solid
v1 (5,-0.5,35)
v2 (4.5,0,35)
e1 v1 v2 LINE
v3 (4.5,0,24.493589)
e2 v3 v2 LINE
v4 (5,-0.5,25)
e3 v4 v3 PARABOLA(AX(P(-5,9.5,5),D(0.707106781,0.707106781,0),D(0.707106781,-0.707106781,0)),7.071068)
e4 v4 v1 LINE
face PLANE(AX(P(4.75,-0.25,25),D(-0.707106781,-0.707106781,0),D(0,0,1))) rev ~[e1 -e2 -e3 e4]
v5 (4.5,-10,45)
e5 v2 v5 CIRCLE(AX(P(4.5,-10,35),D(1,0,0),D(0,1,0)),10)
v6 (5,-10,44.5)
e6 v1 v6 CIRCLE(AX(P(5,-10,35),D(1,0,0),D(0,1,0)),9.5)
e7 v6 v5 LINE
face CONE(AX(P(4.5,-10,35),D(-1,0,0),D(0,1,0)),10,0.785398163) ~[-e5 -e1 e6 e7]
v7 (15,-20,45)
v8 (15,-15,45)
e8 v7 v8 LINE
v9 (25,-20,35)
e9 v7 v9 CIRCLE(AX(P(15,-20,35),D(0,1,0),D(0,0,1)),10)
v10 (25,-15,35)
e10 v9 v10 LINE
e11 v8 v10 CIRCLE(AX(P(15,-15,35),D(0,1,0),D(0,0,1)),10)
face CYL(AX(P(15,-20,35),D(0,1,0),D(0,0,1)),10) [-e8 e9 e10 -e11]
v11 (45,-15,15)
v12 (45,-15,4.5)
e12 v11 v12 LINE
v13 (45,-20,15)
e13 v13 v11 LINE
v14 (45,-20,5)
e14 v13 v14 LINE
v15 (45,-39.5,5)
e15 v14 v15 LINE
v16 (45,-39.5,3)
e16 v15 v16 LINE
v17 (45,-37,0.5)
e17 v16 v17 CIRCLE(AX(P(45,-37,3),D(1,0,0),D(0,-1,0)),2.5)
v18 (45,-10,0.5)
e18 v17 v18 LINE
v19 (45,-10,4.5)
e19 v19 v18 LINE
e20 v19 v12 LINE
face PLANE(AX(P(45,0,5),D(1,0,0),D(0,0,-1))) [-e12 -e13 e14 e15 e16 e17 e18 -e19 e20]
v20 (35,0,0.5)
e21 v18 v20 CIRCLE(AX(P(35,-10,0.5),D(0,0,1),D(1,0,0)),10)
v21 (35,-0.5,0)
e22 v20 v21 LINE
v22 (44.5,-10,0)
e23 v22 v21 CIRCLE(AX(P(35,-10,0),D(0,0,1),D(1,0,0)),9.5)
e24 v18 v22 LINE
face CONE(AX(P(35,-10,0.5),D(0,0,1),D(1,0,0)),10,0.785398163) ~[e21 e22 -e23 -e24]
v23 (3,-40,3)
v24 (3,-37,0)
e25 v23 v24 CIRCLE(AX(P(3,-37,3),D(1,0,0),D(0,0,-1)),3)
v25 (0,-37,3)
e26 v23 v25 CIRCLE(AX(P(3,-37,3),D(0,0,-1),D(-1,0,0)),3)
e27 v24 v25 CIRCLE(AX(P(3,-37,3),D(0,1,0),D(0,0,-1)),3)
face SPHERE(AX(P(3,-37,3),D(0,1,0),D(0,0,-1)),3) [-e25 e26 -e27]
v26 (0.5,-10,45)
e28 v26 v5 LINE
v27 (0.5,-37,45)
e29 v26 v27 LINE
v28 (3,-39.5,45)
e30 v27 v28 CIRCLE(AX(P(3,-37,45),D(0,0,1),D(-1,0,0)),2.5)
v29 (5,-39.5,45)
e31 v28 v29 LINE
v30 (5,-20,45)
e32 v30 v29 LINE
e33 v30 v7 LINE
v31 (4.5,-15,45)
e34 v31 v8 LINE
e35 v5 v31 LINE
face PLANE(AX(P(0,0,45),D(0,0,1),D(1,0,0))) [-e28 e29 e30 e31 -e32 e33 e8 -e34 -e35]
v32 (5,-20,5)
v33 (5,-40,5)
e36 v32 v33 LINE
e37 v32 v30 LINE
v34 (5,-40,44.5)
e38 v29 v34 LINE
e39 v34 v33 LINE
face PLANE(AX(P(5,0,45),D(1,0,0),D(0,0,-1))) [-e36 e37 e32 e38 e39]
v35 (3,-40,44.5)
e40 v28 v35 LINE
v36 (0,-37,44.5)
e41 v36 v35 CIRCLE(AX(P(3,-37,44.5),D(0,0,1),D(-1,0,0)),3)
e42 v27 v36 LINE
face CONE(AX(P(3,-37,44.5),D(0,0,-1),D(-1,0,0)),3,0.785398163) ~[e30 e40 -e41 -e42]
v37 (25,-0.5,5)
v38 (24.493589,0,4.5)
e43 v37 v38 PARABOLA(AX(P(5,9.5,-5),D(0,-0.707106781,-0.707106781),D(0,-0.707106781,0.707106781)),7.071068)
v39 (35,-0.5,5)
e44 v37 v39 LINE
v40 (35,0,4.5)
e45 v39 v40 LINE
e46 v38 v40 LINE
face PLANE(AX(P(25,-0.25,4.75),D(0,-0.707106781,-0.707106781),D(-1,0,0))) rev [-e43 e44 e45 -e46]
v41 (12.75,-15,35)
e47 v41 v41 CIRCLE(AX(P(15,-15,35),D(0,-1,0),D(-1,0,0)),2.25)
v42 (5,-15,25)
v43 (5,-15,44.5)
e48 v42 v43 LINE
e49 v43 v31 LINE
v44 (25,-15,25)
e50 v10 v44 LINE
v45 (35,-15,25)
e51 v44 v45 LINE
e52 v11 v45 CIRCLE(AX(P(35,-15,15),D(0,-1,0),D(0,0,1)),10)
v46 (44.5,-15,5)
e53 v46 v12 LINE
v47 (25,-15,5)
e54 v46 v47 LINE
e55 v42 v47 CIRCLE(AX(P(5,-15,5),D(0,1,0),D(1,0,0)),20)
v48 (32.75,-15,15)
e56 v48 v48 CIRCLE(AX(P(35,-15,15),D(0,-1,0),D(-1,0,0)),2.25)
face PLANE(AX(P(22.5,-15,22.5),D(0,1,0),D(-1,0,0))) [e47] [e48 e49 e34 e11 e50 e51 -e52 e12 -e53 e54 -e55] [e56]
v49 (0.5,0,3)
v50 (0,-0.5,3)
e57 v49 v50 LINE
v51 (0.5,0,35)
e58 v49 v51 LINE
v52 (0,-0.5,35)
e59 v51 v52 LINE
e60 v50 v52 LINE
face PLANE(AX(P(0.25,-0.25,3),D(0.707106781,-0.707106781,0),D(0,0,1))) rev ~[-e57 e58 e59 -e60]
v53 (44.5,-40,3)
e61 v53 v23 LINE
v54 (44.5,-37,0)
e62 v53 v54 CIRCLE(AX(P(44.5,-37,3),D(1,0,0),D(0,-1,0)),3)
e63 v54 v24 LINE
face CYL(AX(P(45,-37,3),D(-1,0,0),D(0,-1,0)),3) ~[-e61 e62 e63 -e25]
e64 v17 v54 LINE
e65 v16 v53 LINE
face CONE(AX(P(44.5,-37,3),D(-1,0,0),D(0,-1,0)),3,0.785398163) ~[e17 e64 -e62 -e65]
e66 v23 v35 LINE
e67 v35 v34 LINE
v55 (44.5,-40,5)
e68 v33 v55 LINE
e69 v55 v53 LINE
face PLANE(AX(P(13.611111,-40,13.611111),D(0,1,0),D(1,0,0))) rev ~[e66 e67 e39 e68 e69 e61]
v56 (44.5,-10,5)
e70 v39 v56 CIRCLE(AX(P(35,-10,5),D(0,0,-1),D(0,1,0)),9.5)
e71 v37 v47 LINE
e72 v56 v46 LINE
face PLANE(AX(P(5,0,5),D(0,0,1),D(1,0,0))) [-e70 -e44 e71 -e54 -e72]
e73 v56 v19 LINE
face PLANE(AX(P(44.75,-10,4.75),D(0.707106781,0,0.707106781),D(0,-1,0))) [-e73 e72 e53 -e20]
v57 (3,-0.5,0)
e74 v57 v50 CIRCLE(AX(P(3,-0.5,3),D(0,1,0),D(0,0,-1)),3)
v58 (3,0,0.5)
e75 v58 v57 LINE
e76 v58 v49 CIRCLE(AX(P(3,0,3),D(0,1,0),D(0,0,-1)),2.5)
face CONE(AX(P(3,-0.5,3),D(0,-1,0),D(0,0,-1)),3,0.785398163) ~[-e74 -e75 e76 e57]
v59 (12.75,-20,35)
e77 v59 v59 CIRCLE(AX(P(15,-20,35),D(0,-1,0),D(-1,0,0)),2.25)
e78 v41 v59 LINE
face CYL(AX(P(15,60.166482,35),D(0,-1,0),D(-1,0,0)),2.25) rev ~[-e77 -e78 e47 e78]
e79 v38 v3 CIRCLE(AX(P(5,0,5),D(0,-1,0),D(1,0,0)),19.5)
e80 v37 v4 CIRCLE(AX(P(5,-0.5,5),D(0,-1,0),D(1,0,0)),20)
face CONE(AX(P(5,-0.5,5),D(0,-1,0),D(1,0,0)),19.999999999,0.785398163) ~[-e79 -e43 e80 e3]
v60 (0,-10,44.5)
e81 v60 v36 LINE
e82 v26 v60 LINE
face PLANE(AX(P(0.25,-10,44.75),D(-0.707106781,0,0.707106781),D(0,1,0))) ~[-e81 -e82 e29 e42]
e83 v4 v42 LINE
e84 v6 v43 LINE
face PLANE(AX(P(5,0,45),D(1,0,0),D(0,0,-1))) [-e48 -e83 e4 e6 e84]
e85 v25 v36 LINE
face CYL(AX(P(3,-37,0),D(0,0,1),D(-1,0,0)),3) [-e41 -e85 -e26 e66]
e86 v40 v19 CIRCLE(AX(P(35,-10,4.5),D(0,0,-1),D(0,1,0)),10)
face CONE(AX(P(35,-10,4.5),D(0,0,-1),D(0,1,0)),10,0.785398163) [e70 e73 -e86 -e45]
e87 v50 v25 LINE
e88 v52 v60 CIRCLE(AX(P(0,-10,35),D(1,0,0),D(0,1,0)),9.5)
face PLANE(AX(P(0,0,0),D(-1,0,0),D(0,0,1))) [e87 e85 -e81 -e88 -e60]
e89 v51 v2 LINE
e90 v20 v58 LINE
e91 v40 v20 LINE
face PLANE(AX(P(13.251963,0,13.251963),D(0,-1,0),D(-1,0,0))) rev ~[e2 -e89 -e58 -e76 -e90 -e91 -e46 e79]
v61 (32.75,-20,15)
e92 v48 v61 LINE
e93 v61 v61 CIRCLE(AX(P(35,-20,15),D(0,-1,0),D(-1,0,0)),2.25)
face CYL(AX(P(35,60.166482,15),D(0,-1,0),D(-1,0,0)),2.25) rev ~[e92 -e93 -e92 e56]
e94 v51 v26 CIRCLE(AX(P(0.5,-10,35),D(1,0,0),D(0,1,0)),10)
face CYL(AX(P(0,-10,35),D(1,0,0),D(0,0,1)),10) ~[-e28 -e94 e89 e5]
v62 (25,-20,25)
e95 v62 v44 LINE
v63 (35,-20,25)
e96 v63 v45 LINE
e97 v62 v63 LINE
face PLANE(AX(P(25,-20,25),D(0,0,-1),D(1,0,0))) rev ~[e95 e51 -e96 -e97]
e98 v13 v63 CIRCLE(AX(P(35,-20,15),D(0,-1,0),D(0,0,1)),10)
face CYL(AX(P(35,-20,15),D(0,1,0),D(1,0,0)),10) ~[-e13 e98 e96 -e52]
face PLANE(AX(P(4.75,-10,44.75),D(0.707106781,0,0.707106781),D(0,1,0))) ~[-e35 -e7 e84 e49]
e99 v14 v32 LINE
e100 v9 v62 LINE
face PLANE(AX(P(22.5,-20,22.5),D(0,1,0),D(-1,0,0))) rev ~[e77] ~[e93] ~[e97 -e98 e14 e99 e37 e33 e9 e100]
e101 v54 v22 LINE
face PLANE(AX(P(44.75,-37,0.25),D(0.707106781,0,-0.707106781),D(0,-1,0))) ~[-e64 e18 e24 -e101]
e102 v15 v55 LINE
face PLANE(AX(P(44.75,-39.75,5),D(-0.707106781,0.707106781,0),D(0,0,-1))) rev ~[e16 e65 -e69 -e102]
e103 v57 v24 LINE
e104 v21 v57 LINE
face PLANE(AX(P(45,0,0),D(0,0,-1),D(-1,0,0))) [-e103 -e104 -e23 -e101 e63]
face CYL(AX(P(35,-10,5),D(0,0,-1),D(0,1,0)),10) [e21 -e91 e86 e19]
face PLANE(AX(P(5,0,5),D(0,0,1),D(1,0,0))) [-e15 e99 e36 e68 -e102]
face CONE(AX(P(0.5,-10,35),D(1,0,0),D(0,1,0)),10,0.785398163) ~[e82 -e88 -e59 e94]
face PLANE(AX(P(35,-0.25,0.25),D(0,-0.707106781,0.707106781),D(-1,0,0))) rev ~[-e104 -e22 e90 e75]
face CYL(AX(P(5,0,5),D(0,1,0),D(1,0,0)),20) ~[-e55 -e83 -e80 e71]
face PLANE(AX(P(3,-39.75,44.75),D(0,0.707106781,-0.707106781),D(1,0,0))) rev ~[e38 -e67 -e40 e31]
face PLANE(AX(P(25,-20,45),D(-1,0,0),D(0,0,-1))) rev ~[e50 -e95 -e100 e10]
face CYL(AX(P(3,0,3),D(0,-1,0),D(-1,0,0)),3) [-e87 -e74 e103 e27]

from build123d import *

# Parameters (mm, degrees)
BOSS_EXTRUDE1_DEPTH  = 40
BOSS_EXTRUDE2_START  = -20
BOSS_EXTRUDE2_DEPTH  = 5
FILLET1_R            = 10
FILLET2_R            = 3
M4_CLEARANCE_HOLE1_D = 4.5
BOSS_EXTRUDE3_REACH  = 42
CHAMFER1_SIZE        = 0.5


with BuildPart() as part:
    # Sketch1 → Boss-Extrude1 (new body)
    with BuildSketch(Plane(origin=(0, 0, 0), x_dir=(1, 0, 0), z_dir=(0, 1, 0))):
        Polygon((0, 0), (0, -45), (5, -45), (5, -5), (45, -5), (45, 0), align=None)
    extrude(amount=-BOSS_EXTRUDE1_DEPTH)

    # Sketch2 → Boss-Extrude2 (add)
    with BuildSketch(Plane.XZ.offset(40).offset(BOSS_EXTRUDE2_START)):
        Polygon((5, 45), (25, 45), (25, 25), (45, 25), (45, 5), (5, 5), align=None)
    extrude(amount=-BOSS_EXTRUDE2_DEPTH)

    # Fillet1
    fillet1_edges = [part.edges().sort_by_distance(p)[0] for p in [
        (25, -17.5, 45),
        (45, -17.5, 25),
        (45, 0, 2.5),
        (2.5, 0, 45),
    ]]
    fillet(fillet1_edges, radius=FILLET1_R)

    # Fillet2
    fillet2_edges = [part.edges().sort_by_distance(p)[0] for p in [
        (0, -20, 0),
        (22.5, -40, 0),
        (0, -40, 22.5),
    ]]
    fillet(fillet2_edges, radius=FILLET2_R)

    # M4 Clearance Hole1 (through all)
    with Locations(Plane(origin=(0, -15, 0), x_dir=(1, 0, 0), z_dir=(0, 1, 0))):
        with Locations((35, -15), (15, -35)):
            Hole(M4_CLEARANCE_HOLE1_D / 2)

    # Sketch5 → Boss-Extrude3 (add, up to next)
    with BuildSketch(Plane(origin=(0, 0, 0), x_dir=(1, 0, 0), z_dir=(0, 1, 0)), mode=Mode.PRIVATE) as boss_extrude3_sk1:
        with BuildLine():
            Line((5, -25), (5, -5))
            Line((5, -5), (25, -5))
            ThreePointArc((25, -5), (19.142135624, -19.142135624), (5, -25))
        make_face()
    boss_extrude3_tool1 = extrude(boss_extrude3_sk1.sketch, amount=-BOSS_EXTRUDE3_REACH, mode=Mode.PRIVATE) - part.part
    add(boss_extrude3_tool1.solids().sort_by_distance((13.488264, 0, 13.488264))[0])

    # Chamfer1
    chamfer1_edges = [part.edges().sort_by_distance(p)[0] for p in [
        (4, -40, 45),
        (45, -40, 4),
        (0.878679656, -39.121320344, 45),
        (45, -39.121320344, 0.878679656),
        (0, -23.5, 45),
        (45, -23.5, 0),
        (0, -2.928932188, 42.071067812),
        (42.071067812, -2.928932188, 0),
        (0, 0, 19),
        (0.878679656, 0, 0.878679656),
        (19, 0, 0),
        (5, -12.5, 45),
        (45, -12.5, 5),
        (5, -2.928932188, 42.071067812),
        (42.071067812, -2.928932188, 5),
        (5, 0, 30),
        (30, 0, 5),
        (19.142135624, 0, 19.142135624),
    ]]
    chamfer(chamfer1_edges, length=CHAMFER1_SIZE)


solid = part.part
